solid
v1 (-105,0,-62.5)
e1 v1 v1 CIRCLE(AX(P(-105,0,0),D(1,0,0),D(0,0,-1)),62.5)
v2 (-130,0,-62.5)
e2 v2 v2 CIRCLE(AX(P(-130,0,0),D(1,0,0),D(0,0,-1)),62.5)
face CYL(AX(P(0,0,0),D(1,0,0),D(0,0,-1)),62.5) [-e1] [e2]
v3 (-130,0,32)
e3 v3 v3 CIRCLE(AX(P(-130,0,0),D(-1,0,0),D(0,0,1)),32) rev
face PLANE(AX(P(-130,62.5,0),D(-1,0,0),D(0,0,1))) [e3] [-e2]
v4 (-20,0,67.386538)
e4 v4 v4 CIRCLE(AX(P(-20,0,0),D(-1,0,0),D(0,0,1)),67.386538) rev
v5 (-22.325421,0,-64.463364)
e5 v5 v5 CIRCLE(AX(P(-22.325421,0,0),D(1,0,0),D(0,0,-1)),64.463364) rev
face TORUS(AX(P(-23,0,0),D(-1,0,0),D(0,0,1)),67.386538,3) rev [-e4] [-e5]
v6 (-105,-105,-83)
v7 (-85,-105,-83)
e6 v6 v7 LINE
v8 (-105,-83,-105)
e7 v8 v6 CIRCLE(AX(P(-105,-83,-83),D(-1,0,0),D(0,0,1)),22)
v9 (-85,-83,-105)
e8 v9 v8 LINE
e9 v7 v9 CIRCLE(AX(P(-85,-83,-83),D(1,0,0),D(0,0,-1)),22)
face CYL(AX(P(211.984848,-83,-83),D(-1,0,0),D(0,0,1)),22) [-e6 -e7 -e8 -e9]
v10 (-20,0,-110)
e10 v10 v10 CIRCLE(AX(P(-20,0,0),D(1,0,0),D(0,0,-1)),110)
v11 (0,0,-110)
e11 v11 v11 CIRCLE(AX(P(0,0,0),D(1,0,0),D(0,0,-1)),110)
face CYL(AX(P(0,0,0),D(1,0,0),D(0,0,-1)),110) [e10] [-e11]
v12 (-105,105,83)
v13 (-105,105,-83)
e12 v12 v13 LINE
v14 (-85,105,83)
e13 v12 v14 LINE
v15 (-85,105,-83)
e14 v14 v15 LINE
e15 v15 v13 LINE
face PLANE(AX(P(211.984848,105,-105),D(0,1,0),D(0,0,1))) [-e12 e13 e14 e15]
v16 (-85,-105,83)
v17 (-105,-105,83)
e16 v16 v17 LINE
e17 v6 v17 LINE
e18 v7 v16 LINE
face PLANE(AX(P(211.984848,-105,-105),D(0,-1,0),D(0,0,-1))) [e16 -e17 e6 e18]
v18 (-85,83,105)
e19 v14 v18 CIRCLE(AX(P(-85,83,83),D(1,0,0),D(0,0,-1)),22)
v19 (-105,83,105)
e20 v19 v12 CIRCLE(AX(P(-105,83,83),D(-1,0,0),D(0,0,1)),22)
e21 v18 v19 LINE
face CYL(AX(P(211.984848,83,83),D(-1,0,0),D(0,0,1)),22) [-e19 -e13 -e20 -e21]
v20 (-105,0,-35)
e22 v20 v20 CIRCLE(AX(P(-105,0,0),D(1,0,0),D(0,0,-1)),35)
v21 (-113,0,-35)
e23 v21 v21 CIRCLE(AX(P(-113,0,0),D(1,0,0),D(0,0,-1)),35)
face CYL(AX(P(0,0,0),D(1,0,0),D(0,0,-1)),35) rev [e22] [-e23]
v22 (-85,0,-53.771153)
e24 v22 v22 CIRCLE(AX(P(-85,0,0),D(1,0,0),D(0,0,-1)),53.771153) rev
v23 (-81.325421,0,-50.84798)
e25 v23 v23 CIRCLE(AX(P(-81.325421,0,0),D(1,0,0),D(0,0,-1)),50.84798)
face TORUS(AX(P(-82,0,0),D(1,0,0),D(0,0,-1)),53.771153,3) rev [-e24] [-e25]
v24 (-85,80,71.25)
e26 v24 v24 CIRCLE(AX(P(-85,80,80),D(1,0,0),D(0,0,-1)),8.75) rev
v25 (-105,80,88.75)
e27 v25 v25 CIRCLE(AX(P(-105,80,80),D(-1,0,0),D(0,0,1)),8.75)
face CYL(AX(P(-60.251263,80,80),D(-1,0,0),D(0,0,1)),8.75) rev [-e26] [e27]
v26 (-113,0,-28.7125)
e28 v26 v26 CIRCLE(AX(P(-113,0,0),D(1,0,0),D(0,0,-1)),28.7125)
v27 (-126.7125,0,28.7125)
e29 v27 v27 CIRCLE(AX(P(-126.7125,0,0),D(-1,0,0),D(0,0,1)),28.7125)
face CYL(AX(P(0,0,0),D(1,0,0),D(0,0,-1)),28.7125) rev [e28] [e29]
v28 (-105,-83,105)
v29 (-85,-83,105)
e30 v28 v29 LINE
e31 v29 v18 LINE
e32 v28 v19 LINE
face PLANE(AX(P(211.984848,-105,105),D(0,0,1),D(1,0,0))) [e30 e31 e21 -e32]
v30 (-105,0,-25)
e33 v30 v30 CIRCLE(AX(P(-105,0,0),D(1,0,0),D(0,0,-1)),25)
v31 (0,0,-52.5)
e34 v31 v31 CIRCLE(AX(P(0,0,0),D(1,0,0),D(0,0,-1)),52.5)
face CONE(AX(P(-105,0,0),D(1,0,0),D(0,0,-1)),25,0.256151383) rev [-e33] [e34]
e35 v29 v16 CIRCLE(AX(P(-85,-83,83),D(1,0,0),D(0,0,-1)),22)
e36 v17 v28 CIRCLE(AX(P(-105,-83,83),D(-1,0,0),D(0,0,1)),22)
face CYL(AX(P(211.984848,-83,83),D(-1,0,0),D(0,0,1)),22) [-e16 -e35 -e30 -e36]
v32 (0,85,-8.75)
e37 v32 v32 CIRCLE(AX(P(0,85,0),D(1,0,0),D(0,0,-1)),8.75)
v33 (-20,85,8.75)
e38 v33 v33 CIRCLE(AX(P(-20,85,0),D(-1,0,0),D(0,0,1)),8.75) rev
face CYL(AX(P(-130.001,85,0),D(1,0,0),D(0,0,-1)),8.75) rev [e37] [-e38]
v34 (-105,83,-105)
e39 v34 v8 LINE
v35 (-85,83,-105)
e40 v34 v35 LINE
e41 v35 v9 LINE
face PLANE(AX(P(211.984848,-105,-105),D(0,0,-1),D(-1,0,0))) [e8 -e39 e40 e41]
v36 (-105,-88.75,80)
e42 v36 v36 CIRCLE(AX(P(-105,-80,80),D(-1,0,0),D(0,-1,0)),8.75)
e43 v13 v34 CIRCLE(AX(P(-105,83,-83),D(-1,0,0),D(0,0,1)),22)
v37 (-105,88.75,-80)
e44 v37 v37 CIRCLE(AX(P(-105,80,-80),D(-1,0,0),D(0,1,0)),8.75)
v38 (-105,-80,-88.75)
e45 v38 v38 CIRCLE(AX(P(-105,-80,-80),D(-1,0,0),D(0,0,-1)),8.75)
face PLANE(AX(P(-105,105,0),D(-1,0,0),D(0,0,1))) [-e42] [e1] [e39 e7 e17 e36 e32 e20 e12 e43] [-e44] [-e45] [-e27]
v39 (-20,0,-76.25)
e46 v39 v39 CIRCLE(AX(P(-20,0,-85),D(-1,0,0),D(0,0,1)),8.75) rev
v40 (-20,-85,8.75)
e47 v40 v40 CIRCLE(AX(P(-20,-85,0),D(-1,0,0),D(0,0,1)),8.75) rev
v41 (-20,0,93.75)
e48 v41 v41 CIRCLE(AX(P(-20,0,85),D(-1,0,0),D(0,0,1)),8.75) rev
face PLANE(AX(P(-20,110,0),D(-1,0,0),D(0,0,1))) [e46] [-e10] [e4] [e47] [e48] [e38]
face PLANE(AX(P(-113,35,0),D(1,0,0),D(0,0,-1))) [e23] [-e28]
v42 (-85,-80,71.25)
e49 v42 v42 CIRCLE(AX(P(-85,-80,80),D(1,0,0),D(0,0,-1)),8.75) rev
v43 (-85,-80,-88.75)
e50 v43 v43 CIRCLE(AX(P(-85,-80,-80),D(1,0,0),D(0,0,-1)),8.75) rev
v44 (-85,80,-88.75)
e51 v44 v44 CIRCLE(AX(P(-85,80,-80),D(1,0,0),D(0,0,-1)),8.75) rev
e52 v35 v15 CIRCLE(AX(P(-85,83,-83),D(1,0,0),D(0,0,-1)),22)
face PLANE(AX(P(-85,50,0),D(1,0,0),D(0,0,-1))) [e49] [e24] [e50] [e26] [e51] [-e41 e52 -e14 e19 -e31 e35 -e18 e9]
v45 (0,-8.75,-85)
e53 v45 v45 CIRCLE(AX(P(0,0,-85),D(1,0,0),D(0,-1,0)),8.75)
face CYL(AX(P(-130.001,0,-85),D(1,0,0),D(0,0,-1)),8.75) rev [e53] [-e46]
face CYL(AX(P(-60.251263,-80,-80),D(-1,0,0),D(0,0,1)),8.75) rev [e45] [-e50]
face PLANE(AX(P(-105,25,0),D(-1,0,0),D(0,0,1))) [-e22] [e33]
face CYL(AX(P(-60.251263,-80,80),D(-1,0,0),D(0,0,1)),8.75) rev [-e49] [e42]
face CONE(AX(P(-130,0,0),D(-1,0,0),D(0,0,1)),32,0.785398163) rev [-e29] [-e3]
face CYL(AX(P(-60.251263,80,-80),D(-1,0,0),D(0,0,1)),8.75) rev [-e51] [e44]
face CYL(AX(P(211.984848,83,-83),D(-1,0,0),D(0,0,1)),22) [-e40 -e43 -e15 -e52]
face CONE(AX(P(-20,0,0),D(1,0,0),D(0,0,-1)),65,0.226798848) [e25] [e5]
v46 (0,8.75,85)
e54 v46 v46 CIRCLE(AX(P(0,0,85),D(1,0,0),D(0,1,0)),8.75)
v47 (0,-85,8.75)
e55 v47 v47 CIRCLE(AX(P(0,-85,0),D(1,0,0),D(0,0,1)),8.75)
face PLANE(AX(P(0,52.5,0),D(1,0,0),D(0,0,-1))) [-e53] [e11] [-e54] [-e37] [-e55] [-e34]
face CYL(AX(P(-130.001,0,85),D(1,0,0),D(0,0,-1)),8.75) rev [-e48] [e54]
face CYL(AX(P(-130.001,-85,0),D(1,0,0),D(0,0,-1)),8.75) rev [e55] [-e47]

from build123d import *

# Parameters (mm, degrees)
SKETCH_2_R               = 8.75
CUT_EXTRUDE_1_DEPTH      = 20
PATTERN_CIRCULAR_1_COUNT = 4
SKETCH_3_W               = 210
SKETCH_3_H               = 210
SKETCH_3_R               = 35
EXTRUDE_1_DEPTH          = 20
SKETCH_4_R               = 8.75
CUT_EXTRUDE_2_DEPTH      = 20
FILLET_1_R               = 22
PATTERN_CIRCULAR_5_COUNT = 4
CHAMFER_1_SIZE           = 3.2875
FILLET_2_R               = 3


with BuildPart() as part:
    # Эскиз1 → Повернуть1 (revolve)
    with BuildSketch(Plane.XY):
        Polygon((0, 52.5), (0, 110), (-20, 110), (-20, 65), (-85, 50), (-85, 105), (-105, 105), (-105, 62.5), (-130, 62.5), (-130, 28.7125), (-113, 28.7125), (-113, 35), (-105, 35), (-105, 25), align=None)
    revolve(axis=Axis((0, 0, 0), (-1, 0, 0)))

    # Эскиз2 → Вырез-Вытянуть1 (cut)
    with BuildSketch(Plane(origin=(0, 0, 0), x_dir=(0, 0, -1), z_dir=(1, 0, 0))):
        with Locations((0, 85)):
            Circle(SKETCH_2_R)
    cut_extrude_1 = extrude(amount=-CUT_EXTRUDE_1_DEPTH, mode=Mode.SUBTRACT)

    # Круговой массив1: Вырез-Вытянуть1 ×4 about axis
    pattern_circular_1_axis = Axis((0, 0, 0), (1, 0, 0))
    for i in range(1, PATTERN_CIRCULAR_1_COUNT):
        add(cut_extrude_1.rotate(pattern_circular_1_axis, i * 360 / PATTERN_CIRCULAR_1_COUNT), mode=Mode.SUBTRACT)

    # Эскиз3 → Бобышка-Вытянуть1 (add)
    with BuildSketch(Plane.ZY.offset(105)):
        Rectangle(SKETCH_3_W, SKETCH_3_H)
        Circle(SKETCH_3_R, mode=Mode.SUBTRACT)
    extrude(amount=-EXTRUDE_1_DEPTH)

    # Эскиз4 → Вырез-Вытянуть2 (cut)
    with BuildSketch(Plane.ZY.offset(105)):
        with Locations((80, 80)):
            Circle(SKETCH_4_R)
    cut_extrude_2 = extrude(amount=-CUT_EXTRUDE_2_DEPTH, mode=Mode.SUBTRACT)

    # Скругление1
    fillet_1_edges = [part.edges().sort_by_distance(p)[0] for p in [
        (-95, 105, 105),
        (-95, -105, 105),
        (-95, -105, -105),
        (-95, 105, -105),
    ]]
    fillet(fillet_1_edges, radius=FILLET_1_R)

    # Круговой массив5: Вырез-Вытянуть2 ×4 about axis
    pattern_circular_5_axis = Axis((0, 0, 0), (1, 0, 0))
    for i in range(1, PATTERN_CIRCULAR_5_COUNT):
        add(cut_extrude_2.rotate(pattern_circular_5_axis, i * 360 / PATTERN_CIRCULAR_5_COUNT), mode=Mode.SUBTRACT)

    # Фаска1
    chamfer_1_edges = [part.edges().sort_by_distance(p)[0] for p in [
        (-130, -28.7125, 0),
    ]]
    chamfer(chamfer_1_edges, length=CHAMFER_1_SIZE)

    # Скругление2
    fillet_2_edges = [part.edges().sort_by_distance(p)[0] for p in [
        (-20, -65, 0),
        (-85, -50, 0),
    ]]
    fillet(fillet_2_edges, radius=FILLET_2_R)


solid = part.part
